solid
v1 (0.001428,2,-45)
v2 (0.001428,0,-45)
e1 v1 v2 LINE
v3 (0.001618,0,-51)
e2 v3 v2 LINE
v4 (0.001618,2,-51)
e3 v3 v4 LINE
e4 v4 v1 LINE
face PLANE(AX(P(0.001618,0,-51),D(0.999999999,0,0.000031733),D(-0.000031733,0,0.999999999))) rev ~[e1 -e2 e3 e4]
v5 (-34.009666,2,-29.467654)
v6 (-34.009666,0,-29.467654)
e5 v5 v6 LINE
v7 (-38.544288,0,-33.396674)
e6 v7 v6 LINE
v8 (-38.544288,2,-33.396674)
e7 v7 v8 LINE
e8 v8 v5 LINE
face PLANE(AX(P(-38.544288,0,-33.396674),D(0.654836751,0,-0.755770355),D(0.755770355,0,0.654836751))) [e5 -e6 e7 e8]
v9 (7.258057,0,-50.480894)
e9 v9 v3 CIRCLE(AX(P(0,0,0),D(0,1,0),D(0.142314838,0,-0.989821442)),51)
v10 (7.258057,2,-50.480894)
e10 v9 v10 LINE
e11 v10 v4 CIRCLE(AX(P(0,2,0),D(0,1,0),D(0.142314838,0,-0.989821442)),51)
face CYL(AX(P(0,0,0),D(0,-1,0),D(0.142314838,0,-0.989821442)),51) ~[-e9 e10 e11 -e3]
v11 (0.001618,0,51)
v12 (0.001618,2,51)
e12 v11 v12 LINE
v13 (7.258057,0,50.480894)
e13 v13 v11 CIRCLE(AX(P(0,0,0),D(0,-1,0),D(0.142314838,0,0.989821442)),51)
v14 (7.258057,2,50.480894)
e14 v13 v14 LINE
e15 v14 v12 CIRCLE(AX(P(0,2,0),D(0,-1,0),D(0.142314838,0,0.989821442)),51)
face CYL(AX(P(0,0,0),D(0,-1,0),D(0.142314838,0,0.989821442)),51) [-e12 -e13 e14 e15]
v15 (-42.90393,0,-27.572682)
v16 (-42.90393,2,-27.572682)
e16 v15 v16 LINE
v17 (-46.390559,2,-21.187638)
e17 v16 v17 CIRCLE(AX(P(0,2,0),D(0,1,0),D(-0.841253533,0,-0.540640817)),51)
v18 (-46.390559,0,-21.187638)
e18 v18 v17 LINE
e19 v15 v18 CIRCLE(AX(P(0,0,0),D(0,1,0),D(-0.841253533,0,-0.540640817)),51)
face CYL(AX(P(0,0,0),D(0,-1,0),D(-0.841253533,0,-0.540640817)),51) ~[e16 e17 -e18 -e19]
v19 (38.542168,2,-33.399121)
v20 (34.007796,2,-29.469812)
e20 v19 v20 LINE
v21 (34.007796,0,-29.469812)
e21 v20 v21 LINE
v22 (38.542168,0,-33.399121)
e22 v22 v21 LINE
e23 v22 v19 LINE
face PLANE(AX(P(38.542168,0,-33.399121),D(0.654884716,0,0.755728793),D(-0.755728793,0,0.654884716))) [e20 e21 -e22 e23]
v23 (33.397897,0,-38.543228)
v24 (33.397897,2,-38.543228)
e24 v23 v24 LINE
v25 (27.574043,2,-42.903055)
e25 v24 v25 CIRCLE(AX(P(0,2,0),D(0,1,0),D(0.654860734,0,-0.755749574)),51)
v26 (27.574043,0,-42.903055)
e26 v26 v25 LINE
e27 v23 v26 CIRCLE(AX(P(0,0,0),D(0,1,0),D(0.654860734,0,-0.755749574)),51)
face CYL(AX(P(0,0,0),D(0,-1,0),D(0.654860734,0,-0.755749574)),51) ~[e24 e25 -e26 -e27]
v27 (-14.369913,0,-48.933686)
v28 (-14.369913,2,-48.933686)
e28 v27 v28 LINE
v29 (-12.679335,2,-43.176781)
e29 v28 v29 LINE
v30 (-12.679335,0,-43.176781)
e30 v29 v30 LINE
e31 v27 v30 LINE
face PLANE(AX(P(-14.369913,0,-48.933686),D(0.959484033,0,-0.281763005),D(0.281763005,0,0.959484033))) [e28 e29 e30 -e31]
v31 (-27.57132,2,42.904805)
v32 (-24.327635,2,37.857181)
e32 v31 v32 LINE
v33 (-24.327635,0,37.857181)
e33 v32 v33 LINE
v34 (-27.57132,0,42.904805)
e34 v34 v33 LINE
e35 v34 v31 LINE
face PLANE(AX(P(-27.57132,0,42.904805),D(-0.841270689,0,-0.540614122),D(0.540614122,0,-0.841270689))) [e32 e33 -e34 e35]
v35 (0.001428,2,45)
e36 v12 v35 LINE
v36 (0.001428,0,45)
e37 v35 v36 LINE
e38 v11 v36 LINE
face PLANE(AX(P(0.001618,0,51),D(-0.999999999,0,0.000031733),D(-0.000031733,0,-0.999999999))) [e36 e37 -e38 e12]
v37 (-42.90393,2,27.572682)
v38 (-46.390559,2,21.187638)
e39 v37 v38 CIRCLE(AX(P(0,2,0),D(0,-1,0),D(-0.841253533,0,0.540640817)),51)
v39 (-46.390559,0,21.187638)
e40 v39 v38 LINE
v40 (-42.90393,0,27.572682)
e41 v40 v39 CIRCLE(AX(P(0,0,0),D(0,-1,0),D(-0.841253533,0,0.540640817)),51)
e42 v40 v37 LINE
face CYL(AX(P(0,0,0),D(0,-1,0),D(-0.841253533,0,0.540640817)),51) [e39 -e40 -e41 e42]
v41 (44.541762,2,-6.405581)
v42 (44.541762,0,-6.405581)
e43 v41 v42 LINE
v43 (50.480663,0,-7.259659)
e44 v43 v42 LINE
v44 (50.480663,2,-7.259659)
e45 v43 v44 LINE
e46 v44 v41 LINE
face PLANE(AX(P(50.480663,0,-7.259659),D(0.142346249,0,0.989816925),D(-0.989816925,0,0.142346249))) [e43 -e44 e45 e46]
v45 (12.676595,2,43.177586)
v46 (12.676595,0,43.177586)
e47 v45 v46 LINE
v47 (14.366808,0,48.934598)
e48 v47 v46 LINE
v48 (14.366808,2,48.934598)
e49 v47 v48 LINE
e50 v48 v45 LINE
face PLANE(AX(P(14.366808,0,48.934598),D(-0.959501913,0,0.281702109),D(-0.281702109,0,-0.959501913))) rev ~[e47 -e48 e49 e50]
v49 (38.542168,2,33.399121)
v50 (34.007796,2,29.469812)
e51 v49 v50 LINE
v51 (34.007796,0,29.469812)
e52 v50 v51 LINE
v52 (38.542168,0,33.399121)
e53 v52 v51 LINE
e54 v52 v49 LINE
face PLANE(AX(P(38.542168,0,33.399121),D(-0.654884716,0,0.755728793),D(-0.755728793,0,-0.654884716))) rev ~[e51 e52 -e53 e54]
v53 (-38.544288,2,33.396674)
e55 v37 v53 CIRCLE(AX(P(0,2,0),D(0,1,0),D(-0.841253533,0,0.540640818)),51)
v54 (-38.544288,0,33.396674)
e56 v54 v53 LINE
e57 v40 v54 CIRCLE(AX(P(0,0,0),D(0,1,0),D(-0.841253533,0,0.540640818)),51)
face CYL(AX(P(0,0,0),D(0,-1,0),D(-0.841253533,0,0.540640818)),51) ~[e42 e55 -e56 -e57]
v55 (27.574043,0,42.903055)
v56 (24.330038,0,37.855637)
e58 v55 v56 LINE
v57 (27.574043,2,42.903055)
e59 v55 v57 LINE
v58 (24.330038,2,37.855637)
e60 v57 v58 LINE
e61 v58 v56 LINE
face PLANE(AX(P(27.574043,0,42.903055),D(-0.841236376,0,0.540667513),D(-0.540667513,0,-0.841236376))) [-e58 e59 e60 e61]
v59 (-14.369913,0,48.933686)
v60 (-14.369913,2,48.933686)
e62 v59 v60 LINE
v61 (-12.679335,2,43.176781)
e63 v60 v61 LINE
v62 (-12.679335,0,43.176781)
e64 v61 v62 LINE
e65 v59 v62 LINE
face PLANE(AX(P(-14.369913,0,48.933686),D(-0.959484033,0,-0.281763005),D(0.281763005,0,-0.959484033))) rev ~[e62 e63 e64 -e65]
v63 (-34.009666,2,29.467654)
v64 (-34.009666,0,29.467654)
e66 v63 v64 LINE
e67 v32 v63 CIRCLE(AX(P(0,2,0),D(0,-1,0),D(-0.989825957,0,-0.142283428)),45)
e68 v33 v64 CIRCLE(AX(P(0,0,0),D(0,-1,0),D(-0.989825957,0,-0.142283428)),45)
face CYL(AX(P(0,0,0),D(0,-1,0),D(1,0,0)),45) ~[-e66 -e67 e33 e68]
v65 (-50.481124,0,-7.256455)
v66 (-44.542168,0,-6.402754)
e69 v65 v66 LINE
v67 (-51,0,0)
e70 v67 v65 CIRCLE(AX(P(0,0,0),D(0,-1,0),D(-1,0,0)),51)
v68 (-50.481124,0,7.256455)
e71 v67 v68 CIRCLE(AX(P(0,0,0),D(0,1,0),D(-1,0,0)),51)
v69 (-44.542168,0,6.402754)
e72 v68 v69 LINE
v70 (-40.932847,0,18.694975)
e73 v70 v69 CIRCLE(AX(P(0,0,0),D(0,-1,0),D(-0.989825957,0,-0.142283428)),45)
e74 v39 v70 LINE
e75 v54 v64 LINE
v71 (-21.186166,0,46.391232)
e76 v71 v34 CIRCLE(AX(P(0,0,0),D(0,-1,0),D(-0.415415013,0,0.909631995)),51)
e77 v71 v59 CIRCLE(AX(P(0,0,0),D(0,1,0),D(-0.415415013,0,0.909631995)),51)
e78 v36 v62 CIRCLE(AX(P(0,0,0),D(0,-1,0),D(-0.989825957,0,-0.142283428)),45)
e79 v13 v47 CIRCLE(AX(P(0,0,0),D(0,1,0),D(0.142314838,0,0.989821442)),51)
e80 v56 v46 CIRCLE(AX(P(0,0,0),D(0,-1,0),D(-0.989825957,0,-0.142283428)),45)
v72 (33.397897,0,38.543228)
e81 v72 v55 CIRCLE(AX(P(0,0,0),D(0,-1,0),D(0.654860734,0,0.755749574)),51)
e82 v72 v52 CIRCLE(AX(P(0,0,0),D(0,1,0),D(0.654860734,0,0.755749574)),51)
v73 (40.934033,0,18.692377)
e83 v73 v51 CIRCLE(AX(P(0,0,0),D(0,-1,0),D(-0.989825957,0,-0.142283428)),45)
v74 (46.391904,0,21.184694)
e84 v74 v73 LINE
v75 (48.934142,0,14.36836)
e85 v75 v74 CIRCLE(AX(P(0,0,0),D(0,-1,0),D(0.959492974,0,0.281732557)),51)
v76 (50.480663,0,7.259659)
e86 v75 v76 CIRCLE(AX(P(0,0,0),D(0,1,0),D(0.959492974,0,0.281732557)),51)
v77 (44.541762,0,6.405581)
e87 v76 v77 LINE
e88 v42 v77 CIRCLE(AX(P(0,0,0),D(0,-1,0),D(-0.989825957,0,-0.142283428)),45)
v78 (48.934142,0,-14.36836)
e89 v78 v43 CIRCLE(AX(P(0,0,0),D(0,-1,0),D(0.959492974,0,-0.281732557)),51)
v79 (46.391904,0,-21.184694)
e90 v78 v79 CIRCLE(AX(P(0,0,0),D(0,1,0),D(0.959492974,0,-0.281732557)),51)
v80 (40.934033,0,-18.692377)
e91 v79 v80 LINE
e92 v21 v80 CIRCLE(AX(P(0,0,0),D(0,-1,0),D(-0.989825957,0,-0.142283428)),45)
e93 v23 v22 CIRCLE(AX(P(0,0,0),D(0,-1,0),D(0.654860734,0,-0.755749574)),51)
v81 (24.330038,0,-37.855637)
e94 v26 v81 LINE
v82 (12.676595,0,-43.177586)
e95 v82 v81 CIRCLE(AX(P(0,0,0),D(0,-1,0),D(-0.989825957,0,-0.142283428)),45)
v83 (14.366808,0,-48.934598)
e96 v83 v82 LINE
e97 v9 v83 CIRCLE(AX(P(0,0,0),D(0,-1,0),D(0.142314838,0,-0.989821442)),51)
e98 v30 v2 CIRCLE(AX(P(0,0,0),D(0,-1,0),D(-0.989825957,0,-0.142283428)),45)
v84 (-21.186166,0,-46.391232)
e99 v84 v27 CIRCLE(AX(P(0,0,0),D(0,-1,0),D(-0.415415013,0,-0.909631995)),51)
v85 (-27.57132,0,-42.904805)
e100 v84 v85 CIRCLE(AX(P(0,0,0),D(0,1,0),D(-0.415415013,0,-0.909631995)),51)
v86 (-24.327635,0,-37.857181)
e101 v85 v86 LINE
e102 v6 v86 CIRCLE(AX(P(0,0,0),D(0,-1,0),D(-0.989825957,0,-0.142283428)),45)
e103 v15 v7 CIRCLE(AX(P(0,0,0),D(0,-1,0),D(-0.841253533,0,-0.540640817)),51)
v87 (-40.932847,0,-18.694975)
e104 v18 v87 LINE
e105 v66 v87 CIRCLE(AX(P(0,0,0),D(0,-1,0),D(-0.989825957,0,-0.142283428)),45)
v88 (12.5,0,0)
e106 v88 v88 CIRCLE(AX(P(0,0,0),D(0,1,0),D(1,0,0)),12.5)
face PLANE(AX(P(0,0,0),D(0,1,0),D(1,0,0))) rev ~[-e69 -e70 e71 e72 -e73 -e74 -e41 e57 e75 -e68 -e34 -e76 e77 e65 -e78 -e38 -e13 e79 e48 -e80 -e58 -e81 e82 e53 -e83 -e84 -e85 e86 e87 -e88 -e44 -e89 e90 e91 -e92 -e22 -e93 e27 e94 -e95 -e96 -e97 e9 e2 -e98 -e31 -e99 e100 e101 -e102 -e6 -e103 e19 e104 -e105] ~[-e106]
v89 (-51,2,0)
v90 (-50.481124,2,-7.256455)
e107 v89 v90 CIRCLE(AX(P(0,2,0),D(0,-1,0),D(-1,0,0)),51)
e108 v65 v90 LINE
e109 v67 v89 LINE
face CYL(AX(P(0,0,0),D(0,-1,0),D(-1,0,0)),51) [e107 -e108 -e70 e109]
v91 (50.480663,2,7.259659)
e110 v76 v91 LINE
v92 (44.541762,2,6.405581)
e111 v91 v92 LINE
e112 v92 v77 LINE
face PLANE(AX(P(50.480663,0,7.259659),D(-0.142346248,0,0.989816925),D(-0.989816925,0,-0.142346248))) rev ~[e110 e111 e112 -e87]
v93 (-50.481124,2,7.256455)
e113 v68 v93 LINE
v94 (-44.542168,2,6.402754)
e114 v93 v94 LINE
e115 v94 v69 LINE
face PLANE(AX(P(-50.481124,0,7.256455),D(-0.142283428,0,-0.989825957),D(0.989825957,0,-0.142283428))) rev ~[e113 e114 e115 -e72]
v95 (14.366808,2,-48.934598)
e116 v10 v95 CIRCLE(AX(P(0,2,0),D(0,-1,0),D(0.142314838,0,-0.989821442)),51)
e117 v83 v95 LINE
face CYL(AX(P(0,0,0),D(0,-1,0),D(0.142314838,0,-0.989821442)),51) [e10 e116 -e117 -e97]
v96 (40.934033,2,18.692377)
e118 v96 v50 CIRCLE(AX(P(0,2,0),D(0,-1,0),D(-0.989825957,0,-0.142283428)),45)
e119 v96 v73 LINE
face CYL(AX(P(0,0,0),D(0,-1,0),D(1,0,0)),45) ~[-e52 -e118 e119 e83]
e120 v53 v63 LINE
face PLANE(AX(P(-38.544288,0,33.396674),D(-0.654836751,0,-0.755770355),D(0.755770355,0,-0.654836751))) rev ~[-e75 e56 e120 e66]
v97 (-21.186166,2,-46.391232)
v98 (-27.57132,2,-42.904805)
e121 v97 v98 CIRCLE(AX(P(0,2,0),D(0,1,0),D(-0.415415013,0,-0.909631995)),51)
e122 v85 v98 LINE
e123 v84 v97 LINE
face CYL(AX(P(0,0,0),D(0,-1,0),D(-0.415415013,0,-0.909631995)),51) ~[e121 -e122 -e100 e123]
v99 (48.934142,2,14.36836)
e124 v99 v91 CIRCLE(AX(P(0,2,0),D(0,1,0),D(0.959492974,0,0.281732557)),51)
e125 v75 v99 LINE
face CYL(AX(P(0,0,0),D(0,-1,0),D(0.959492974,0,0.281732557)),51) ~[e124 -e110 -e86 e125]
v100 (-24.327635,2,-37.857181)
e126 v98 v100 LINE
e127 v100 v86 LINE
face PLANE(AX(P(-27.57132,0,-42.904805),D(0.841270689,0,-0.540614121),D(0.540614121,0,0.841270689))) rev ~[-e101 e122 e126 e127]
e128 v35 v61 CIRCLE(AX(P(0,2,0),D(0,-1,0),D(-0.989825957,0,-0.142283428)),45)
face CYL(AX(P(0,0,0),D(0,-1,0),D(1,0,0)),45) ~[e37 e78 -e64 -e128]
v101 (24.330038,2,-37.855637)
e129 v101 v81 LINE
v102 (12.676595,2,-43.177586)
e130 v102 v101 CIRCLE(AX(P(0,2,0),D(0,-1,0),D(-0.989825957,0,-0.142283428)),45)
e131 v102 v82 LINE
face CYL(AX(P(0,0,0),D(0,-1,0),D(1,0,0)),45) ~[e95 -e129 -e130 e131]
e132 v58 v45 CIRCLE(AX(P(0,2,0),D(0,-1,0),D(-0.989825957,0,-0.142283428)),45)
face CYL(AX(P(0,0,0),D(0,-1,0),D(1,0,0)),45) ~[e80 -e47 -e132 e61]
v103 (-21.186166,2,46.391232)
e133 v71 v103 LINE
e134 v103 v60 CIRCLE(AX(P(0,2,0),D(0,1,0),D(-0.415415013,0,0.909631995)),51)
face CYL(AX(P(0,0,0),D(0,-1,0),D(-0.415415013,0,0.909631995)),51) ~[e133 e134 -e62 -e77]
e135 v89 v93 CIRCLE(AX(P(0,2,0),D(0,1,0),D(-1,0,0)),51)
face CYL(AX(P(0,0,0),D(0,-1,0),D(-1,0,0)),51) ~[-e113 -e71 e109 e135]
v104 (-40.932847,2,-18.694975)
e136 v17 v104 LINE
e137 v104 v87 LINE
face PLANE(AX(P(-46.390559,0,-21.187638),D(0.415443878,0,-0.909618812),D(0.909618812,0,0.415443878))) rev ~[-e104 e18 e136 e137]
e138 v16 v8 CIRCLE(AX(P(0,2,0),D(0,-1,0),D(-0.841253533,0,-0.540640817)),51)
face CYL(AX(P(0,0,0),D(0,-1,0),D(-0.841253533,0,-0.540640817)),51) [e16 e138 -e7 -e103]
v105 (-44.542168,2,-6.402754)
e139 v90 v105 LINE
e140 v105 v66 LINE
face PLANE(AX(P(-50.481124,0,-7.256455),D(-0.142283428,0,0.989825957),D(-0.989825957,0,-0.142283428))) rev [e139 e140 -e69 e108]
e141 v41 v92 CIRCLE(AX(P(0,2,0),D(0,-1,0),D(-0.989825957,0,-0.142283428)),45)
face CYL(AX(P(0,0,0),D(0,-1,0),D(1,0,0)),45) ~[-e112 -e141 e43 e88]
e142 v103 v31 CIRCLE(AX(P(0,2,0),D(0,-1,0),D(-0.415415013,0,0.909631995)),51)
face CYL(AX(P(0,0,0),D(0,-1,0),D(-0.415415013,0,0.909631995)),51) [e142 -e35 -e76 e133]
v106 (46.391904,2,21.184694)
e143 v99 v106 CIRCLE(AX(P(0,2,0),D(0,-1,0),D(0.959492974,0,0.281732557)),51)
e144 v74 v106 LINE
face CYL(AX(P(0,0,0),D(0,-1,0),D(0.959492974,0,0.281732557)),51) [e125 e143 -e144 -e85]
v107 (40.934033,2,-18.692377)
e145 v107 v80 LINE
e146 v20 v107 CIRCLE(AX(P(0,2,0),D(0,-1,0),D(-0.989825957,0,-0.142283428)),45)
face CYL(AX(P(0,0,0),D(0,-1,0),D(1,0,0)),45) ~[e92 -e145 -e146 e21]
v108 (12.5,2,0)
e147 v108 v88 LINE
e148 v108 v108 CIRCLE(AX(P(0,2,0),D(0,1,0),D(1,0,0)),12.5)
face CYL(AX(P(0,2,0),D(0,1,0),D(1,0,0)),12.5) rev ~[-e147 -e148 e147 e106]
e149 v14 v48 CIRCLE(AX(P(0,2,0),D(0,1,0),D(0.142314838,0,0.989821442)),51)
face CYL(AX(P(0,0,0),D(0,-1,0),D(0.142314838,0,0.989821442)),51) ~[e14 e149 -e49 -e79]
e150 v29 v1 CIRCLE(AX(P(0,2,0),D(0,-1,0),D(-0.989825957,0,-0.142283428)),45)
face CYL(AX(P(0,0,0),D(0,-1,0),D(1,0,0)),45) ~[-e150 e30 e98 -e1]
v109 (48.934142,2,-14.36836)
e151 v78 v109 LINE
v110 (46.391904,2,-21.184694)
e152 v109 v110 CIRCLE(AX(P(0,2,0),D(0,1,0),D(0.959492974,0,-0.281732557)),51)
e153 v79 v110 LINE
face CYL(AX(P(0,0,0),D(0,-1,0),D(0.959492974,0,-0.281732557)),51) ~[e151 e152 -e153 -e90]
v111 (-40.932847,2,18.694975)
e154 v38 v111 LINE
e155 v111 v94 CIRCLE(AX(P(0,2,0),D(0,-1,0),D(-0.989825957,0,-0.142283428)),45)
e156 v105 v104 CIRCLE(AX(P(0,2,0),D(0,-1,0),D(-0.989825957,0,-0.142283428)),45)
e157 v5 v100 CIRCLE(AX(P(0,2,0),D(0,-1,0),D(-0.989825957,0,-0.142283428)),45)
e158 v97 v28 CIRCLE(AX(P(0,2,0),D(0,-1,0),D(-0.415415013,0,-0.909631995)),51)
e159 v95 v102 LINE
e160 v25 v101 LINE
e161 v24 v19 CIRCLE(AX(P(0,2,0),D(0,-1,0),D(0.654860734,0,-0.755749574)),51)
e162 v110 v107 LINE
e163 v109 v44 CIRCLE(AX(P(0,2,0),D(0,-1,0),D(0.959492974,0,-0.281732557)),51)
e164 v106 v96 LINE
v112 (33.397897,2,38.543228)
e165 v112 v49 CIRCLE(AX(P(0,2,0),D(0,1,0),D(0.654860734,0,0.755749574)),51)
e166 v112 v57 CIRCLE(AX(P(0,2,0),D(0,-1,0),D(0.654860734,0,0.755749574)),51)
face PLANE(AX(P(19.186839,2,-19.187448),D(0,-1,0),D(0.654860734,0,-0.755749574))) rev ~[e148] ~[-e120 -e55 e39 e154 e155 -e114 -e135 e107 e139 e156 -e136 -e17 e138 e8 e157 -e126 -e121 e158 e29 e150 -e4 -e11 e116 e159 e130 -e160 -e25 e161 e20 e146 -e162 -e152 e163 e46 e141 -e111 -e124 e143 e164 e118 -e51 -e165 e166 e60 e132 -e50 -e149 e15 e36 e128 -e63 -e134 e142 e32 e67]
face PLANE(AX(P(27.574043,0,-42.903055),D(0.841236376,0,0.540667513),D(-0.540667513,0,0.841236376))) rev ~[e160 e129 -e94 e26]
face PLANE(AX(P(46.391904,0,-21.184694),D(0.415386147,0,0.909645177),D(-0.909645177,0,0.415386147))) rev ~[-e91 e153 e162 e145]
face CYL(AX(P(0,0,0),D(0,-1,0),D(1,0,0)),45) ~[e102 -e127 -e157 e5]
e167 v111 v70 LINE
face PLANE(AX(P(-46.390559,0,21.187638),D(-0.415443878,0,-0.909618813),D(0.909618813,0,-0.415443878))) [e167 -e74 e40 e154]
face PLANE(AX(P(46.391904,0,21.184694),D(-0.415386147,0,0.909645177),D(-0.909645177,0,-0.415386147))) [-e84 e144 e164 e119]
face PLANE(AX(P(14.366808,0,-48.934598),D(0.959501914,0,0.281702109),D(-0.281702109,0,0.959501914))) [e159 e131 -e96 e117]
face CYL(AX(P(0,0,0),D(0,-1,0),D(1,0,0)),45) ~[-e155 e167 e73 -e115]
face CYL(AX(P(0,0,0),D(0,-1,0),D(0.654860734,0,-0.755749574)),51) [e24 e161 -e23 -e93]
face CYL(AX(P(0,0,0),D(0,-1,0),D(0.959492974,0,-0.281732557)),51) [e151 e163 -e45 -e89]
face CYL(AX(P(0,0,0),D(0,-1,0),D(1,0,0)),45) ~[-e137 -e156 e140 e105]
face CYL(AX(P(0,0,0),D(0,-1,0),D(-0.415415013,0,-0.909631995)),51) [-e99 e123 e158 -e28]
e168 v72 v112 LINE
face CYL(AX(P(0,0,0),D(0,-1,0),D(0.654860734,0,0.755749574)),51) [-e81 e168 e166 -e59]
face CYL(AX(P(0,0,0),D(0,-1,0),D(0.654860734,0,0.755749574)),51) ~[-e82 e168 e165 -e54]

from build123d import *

# Parameters (mm, degrees)
SKETCH1_R                 = 45
BOSS_EXTRUDE1_DEPTH       = 2
BOSS_EXTRUDE2_DEPTH       = 2
CIRPATTERN1_COUNT         = 11
CIRPATTERN1_COPY_1_DEPTH  = 2
CIRPATTERN1_COPY_2_DEPTH  = 2
CIRPATTERN1_COPY_3_DEPTH  = 2
CIRPATTERN1_COPY_4_DEPTH  = 2
CIRPATTERN1_COPY_5_DEPTH  = 2
CIRPATTERN1_COPY_6_DEPTH  = 2
CIRPATTERN1_COPY_7_DEPTH  = 2
CIRPATTERN1_COPY_8_DEPTH  = 2
CIRPATTERN1_COPY_9_DEPTH  = 2
CIRPATTERN1_COPY_10_DEPTH = 2
SKETCH3_R                 = 12.5
CUT_EXTRUDE1_DEPTH        = 2


with BuildPart() as part:
    # Sketch1 → Boss-Extrude1 (new body)
    with BuildSketch(Plane(origin=(0, 0, 0), x_dir=(1, 0, 0), z_dir=(0, 1, 0))):
        Circle(SKETCH1_R)
    extrude(amount=BOSS_EXTRUDE1_DEPTH)

    # Sketch2 → Boss-Extrude2 (add)
    with BuildSketch(Plane(origin=(0, 0, 0), x_dir=(1, 0, 0), z_dir=(0, 1, 0))):
        with BuildLine():
            Line((0, 0), (-51, 0))
            ThreePointArc((-51, 0), (-50.870115566, -3.637491206), (-50.481123832, -7.256454825))
            Line((-50.481123832, -7.256454825), (0, 0))
        make_face()
    boss_extrude2 = extrude(amount=BOSS_EXTRUDE2_DEPTH)

    # Mirror1: Boss-Extrude2 across plane
    add(boss_extrude2.mirror(Plane.XY))

    # CirPattern1: Boss-Extrude2 ×11 about axis
    cirpattern1_axis = Axis((0, 0, 0), (0, 1, 0))
    for i in range(1, CIRPATTERN1_COUNT):
        add(boss_extrude2.rotate(cirpattern1_axis, i * 360 / CIRPATTERN1_COUNT))

    # CirPattern1 copy 1 sketch → CirPattern1 copy 1 (add)
    with BuildSketch(Plane(origin=(0, 0, 0), x_dir=(0.841253533, 0, -0.540640817), z_dir=(0, 1, 0))):
        with BuildLine():
            Line((0, 0), (-51, 0))
            ThreePointArc((-51, 0), (-50.870115566, 3.637491206), (-50.481123832, 7.256454825))
            Line((-50.481123832, 7.256454825), (0, 0))
        make_face()
    extrude(amount=CIRPATTERN1_COPY_1_DEPTH)

    # CirPattern1 copy 2 sketch → CirPattern1 copy 2 (add)
    with BuildSketch(Plane(origin=(0, 0, 0), x_dir=(0.415415013, 0, -0.909631995), z_dir=(0, 1, 0))):
        with BuildLine():
            Line((0, 0), (-51, 0))
            ThreePointArc((-51, 0), (-50.870115566, 3.637491206), (-50.481123832, 7.256454825))
            Line((-50.481123832, 7.256454825), (0, 0))
        make_face()
    extrude(amount=CIRPATTERN1_COPY_2_DEPTH)

    # CirPattern1 copy 3 sketch → CirPattern1 copy 3 (add)
    with BuildSketch(Plane(origin=(0, 0, 0), x_dir=(-0.142314838, 0, -0.989821442), z_dir=(0, 1, 0))):
        with BuildLine():
            Line((0, 0), (-51, 0))
            ThreePointArc((-51, 0), (-50.870115566, 3.637491206), (-50.481123832, 7.256454825))
            Line((-50.481123832, 7.256454825), (0, 0))
        make_face()
    extrude(amount=CIRPATTERN1_COPY_3_DEPTH)

    # CirPattern1 copy 4 sketch → CirPattern1 copy 4 (add)
    with BuildSketch(Plane(origin=(0, 0, 0), x_dir=(-0.654860734, 0, -0.755749574), z_dir=(0, 1, 0))):
        with BuildLine():
            Line((0, 0), (-51, 0))
            ThreePointArc((-51, 0), (-50.870115566, 3.637491206), (-50.481123832, 7.256454825))
            Line((-50.481123832, 7.256454825), (0, 0))
        make_face()
    extrude(amount=CIRPATTERN1_COPY_4_DEPTH)

    # CirPattern1 copy 5 sketch → CirPattern1 copy 5 (add)
    with BuildSketch(Plane(origin=(0, 0, 0), x_dir=(-0.959492974, 0, -0.281732557), z_dir=(0, 1, 0))):
        with BuildLine():
            Line((0, 0), (-51, 0))
            ThreePointArc((-51, 0), (-50.870115566, 3.637491206), (-50.481123832, 7.256454825))
            Line((-50.481123832, 7.256454825), (0, 0))
        make_face()
    extrude(amount=CIRPATTERN1_COPY_5_DEPTH)

    # CirPattern1 copy 6 sketch → CirPattern1 copy 6 (add)
    with BuildSketch(Plane(origin=(0, 0, 0), x_dir=(-0.959492974, 0, 0.281732557), z_dir=(0, 1, 0))):
        with BuildLine():
            Line((0, 0), (-51, 0))
            ThreePointArc((-51, 0), (-50.870115566, 3.637491206), (-50.481123832, 7.256454825))
            Line((-50.481123832, 7.256454825), (0, 0))
        make_face()
    extrude(amount=CIRPATTERN1_COPY_6_DEPTH)

    # CirPattern1 copy 7 sketch → CirPattern1 copy 7 (add)
    with BuildSketch(Plane(origin=(0, 0, 0), x_dir=(-0.654860734, 0, 0.755749574), z_dir=(0, 1, 0))):
        with BuildLine():
            Line((0, 0), (-51, 0))
            ThreePointArc((-51, 0), (-50.870115566, 3.637491206), (-50.481123832, 7.256454825))
            Line((-50.481123832, 7.256454825), (0, 0))
        make_face()
    extrude(amount=CIRPATTERN1_COPY_7_DEPTH)

    # CirPattern1 copy 8 sketch → CirPattern1 copy 8 (add)
    with BuildSketch(Plane(origin=(0, 0, 0), x_dir=(-0.142314838, 0, 0.989821442), z_dir=(0, 1, 0))):
        with BuildLine():
            Line((0, 0), (-51, 0))
            ThreePointArc((-51, 0), (-50.870115566, 3.637491206), (-50.481123832, 7.256454825))
            Line((-50.481123832, 7.256454825), (0, 0))
        make_face()
    extrude(amount=CIRPATTERN1_COPY_8_DEPTH)

    # CirPattern1 copy 9 sketch → CirPattern1 copy 9 (add)
    with BuildSketch(Plane(origin=(0, 0, 0), x_dir=(0.415415013, 0, 0.909631995), z_dir=(0, 1, 0))):
        with BuildLine():
            Line((0, 0), (-51, 0))
            ThreePointArc((-51, 0), (-50.870115566, 3.637491206), (-50.481123832, 7.256454825))
            Line((-50.481123832, 7.256454825), (0, 0))
        make_face()
    extrude(amount=CIRPATTERN1_COPY_9_DEPTH)

    # CirPattern1 copy 10 sketch → CirPattern1 copy 10 (add)
    with BuildSketch(Plane(origin=(0, 0, 0), x_dir=(0.841253533, 0, 0.540640817), z_dir=(0, 1, 0))):
        with BuildLine():
            Line((0, 0), (-51, 0))
            ThreePointArc((-51, 0), (-50.870115566, 3.637491206), (-50.481123832, 7.256454825))
            Line((-50.481123832, 7.256454825), (0, 0))
        make_face()
    extrude(amount=CIRPATTERN1_COPY_10_DEPTH)

    # Sketch3 → Cut-Extrude1 (cut)
    with BuildSketch(Plane(origin=(0, 2, 0), x_dir=(1, 0, 0), z_dir=(0, 1, 0))):
        Circle(SKETCH3_R)
    extrude(amount=-CUT_EXTRUDE1_DEPTH, mode=Mode.SUBTRACT)


solid = part.part
